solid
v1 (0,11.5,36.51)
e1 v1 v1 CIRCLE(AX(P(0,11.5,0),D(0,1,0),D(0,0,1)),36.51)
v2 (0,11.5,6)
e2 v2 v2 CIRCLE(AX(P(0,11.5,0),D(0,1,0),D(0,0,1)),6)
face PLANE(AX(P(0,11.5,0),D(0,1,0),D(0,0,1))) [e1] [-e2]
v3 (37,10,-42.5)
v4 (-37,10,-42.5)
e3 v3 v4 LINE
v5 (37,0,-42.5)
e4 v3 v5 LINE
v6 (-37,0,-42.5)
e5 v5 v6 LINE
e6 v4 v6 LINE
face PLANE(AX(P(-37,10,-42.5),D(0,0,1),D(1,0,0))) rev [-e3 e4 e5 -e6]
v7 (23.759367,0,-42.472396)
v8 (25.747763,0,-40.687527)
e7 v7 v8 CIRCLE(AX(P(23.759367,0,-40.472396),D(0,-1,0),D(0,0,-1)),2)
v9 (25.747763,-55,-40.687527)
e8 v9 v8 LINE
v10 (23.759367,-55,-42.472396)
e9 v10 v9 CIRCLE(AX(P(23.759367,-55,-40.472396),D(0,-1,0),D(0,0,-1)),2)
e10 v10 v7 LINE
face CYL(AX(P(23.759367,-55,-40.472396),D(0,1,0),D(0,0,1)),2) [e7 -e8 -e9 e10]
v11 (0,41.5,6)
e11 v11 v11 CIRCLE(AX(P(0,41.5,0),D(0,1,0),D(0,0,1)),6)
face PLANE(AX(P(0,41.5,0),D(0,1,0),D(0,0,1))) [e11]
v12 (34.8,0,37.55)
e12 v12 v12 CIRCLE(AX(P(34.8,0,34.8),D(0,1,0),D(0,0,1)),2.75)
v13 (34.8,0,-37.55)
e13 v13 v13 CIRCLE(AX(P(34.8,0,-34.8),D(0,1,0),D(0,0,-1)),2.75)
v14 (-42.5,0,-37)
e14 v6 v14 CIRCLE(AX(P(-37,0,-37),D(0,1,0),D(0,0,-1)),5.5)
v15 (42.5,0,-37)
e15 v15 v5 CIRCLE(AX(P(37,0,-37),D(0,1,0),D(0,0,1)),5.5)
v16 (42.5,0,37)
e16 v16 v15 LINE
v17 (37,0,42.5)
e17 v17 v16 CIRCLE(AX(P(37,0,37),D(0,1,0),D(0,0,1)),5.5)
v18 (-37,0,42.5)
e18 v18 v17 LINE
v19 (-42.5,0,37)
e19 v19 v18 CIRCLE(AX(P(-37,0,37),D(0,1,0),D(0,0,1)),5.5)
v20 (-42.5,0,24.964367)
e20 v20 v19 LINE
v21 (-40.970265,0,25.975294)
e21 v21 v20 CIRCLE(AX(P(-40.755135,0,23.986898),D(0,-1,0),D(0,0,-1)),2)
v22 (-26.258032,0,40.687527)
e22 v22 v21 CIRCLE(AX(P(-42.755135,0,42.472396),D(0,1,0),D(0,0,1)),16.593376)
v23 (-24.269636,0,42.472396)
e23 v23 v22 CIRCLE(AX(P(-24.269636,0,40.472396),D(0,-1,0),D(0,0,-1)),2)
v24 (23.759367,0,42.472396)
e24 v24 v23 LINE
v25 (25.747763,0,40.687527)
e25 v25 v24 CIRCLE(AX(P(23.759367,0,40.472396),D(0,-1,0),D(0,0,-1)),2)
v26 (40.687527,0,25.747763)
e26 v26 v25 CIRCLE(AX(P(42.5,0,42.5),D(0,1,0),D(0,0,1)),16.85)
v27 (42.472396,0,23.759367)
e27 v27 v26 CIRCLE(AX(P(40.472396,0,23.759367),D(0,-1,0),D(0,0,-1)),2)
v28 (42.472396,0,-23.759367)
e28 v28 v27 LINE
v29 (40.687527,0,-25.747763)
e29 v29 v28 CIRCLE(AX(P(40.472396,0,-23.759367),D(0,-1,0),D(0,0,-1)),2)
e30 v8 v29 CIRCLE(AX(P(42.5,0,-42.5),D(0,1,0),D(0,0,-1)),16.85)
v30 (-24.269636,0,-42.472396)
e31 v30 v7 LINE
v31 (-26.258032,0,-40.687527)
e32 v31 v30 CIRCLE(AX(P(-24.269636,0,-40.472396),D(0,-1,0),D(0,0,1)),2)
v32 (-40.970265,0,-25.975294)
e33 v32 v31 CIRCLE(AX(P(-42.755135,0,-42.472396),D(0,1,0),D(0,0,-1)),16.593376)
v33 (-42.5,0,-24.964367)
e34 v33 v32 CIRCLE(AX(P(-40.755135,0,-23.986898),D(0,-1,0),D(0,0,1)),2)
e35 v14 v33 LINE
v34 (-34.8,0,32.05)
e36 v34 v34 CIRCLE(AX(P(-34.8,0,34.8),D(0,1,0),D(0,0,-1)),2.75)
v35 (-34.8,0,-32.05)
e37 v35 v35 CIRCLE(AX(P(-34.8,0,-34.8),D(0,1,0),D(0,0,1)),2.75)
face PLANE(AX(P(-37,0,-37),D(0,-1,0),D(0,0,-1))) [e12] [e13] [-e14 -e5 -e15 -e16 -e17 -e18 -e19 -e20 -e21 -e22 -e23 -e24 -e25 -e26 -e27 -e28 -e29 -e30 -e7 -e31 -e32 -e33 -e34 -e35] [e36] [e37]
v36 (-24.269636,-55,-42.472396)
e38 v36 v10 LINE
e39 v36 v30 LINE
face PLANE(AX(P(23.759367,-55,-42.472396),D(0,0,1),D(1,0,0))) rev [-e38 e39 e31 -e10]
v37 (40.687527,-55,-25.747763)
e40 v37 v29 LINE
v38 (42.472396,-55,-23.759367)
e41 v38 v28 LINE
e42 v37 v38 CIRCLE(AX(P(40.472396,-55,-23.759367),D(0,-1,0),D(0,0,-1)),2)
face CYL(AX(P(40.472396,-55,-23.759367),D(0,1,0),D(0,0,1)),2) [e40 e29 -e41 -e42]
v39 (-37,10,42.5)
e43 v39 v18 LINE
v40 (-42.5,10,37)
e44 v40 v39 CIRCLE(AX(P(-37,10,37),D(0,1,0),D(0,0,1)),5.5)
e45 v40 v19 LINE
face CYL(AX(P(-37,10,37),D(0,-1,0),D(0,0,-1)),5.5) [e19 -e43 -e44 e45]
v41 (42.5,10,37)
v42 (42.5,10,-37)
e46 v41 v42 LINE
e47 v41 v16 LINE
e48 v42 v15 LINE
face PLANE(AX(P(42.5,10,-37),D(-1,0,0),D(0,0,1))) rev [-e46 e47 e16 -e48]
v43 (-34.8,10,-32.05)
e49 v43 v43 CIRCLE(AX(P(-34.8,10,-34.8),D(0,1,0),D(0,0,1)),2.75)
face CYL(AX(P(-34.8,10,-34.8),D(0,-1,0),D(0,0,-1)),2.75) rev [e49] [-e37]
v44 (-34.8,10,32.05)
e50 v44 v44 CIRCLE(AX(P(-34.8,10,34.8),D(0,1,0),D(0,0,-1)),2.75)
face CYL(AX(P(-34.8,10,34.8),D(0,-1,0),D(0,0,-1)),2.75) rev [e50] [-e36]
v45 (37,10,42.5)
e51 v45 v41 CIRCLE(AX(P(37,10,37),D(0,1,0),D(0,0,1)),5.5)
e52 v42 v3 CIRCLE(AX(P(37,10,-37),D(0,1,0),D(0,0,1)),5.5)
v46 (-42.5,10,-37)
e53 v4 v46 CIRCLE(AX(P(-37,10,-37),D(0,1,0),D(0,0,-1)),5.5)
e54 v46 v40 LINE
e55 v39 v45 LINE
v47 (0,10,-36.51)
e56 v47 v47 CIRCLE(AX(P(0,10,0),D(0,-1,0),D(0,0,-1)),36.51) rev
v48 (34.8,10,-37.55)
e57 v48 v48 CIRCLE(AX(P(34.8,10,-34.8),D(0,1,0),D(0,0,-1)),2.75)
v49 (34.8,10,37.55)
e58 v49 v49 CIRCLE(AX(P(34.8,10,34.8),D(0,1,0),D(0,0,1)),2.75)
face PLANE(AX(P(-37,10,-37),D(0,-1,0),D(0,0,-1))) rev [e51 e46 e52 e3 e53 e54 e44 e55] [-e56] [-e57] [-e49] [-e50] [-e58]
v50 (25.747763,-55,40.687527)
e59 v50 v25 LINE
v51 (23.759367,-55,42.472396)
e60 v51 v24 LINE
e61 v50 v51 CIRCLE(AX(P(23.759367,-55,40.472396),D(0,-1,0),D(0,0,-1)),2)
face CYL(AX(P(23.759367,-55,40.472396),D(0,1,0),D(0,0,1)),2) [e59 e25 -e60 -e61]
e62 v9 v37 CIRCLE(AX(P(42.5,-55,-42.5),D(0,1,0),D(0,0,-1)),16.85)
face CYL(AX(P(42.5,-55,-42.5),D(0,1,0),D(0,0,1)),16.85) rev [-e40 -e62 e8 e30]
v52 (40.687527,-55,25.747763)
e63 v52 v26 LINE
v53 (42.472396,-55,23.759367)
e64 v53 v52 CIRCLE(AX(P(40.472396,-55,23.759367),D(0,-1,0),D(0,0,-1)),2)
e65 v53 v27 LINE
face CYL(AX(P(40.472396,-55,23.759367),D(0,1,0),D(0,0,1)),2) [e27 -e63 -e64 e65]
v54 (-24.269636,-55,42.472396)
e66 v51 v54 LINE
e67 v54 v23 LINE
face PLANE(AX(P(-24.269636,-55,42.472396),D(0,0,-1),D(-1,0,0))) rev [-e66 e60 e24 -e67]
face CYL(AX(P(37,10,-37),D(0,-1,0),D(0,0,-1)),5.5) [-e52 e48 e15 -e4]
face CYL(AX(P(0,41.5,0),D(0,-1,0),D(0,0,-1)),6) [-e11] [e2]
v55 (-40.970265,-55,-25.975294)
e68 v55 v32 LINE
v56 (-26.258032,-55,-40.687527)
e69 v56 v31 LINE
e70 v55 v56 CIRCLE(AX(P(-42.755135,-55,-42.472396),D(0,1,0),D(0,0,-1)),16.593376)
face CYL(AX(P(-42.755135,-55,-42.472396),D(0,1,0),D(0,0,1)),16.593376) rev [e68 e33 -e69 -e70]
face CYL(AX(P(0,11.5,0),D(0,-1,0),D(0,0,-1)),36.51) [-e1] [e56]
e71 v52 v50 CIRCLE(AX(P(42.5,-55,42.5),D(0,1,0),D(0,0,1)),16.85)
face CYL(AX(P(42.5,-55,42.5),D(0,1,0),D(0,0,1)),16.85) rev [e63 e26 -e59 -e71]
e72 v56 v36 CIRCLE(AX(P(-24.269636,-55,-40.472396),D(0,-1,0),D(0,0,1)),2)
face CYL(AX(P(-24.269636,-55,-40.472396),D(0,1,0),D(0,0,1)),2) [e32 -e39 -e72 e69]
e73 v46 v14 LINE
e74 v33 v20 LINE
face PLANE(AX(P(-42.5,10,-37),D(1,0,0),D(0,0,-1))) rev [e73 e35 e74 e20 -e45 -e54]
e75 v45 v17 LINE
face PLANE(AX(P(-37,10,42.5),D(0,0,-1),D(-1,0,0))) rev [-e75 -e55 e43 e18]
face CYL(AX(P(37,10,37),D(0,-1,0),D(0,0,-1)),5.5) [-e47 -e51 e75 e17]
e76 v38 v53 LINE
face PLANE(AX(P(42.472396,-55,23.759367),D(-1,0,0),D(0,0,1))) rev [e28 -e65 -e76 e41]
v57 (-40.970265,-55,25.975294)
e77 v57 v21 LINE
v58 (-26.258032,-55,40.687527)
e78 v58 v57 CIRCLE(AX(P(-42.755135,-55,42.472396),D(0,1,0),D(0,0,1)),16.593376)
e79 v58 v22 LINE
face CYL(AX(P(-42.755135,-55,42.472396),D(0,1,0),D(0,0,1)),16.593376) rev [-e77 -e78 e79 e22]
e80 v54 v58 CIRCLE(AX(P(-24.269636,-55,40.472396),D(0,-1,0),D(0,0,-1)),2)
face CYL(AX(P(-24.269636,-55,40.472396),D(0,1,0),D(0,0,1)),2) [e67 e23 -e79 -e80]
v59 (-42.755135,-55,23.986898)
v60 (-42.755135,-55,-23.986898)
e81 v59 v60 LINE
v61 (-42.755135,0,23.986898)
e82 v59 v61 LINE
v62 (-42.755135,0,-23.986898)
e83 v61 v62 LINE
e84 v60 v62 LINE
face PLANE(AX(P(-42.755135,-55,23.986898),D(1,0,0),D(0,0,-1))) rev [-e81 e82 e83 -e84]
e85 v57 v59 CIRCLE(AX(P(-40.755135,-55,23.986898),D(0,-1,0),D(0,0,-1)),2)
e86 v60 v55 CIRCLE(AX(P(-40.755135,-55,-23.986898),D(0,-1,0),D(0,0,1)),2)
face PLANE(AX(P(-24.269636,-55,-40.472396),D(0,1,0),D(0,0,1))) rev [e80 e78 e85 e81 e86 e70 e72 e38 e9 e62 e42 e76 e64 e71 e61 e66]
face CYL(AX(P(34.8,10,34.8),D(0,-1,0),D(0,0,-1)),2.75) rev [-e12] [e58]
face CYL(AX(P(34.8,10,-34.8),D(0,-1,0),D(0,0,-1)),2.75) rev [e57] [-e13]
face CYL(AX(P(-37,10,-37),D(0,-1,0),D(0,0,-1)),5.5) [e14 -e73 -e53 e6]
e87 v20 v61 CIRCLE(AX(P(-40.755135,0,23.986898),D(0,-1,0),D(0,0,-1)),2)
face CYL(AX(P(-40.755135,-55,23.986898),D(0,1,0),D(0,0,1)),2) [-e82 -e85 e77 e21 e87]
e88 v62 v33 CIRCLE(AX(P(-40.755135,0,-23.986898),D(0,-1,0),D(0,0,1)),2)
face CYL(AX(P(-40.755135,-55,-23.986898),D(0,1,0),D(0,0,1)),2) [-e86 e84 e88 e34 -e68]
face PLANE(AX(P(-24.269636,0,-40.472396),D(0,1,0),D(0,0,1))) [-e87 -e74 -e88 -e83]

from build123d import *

# Parameters (mm, degrees)
SKETCH_1_R      = 2.75
EXTRUDE_1_DEPTH = 10
SKETCH_2_R      = 36.51
EXTRUDE_2_DEPTH = 1.5
SKETCH_3_R      = 6
EXTRUDE_3_DEPTH = 30
EXTRUDE_4_DEPTH = 55


with BuildPart() as part:
    # Эскиз1 → Вытянуть1 (new body)
    with BuildSketch(Plane(origin=(0, 0, 0), x_dir=(1, 0, 0), z_dir=(0, 1, 0))):
        with BuildLine():
            Line((-37, 42.5), (37, 42.5))
            ThreePointArc((37, 42.5), (40.889087297, 40.889087297), (42.5, 37))
            Line((42.5, 37), (42.5, -37))
            ThreePointArc((42.5, -37), (40.889087297, -40.889087297), (37, -42.5))
            Line((37, -42.5), (-37, -42.5))
            ThreePointArc((-37, -42.5), (-40.889087297, -40.889087297), (-42.5, -37))
            Line((-42.5, -37), (-42.5, 37))
            ThreePointArc((-42.5, 37), (-40.889087297, 40.889087297), (-37, 42.5))
        make_face()
        with Locations(Location((-34.8, 34.8, 0), (0, 0, 270))):
            Circle(SKETCH_1_R, mode=Mode.SUBTRACT)
        with Locations(Location((34.8, 34.8, 0), (0, 0, 90))):
            Circle(SKETCH_1_R, mode=Mode.SUBTRACT)
        with Locations(Location((34.8, -34.8, 0), (0, 0, 270))):
            Circle(SKETCH_1_R, mode=Mode.SUBTRACT)
        with Locations(Location((-34.8, -34.8, 0), (0, 0, 90))):
            Circle(SKETCH_1_R, mode=Mode.SUBTRACT)
    extrude(amount=EXTRUDE_1_DEPTH)

    # Эскиз2 → Вытянуть2 (add)
    with BuildSketch(Plane(origin=(0, 10, 0), x_dir=(1, 0, 0), z_dir=(0, 1, 0))):
        with Locations(Location((0, 0, 0), (0, 0, 90))):
            Circle(SKETCH_2_R)
    extrude(amount=EXTRUDE_2_DEPTH)

    # Эскиз3 → Вытянуть3 (add)
    with BuildSketch(Plane(origin=(0, 11.5, 0), x_dir=(1, 0, 0), z_dir=(0, 1, 0))):
        with Locations(Location((0, 0, 0), (0, 0, 270))):
            Circle(SKETCH_3_R)
    extrude(amount=EXTRUDE_3_DEPTH)

    # Эскиз4 → Вытянуть4 (add)
    with BuildSketch(Plane.XZ):
        with BuildLine():
            Line((-42.755134635, 23.986897935), (-42.755134635, -23.986897935))
            ThreePointArc((-42.755134635, -23.986897935), (-42.243466041, -25.322888065), (-40.970265008, -25.975294003))
            ThreePointArc((-40.970265008, -25.975294003), (-31.02184563, -30.739107233), (-26.258032399, -40.687526612))
            ThreePointArc((-26.258032399, -40.687526612), (-25.605626461, -41.960727645), (-24.269636331, -42.472396239))
            Line((-24.269636331, -42.472396239), (23.75936706, -42.472396239))
            ThreePointArc((23.75936706, -42.472396239), (25.09535719, -41.960727645), (25.747763128, -40.687526612))
            ThreePointArc((25.747763128, -40.687526612), (30.585250737, -30.585250737), (40.687526612, -25.747763128))
            ThreePointArc((40.687526612, -25.747763128), (41.960727645, -25.09535719), (42.472396239, -23.75936706))
            Line((42.472396239, -23.75936706), (42.472396239, 23.75936706))
            ThreePointArc((42.472396239, 23.75936706), (41.960727645, 25.09535719), (40.687526612, 25.747763128))
            ThreePointArc((40.687526612, 25.747763128), (30.585250737, 30.585250737), (25.747763128, 40.687526612))
            ThreePointArc((25.747763128, 40.687526612), (25.09535719, 41.960727645), (23.75936706, 42.472396239))
            Line((23.75936706, 42.472396239), (-24.269636331, 42.472396239))
            ThreePointArc((-24.269636331, 42.472396239), (-25.605626461, 41.960727645), (-26.258032399, 40.687526612))
            ThreePointArc((-26.258032399, 40.687526612), (-31.02184563, 30.739107233), (-40.970265008, 25.975294003))
            ThreePointArc((-40.970265008, 25.975294003), (-42.243466041, 25.322888065), (-42.755134635, 23.986897935))
        make_face()
    extrude(amount=EXTRUDE_4_DEPTH)


solid = part.part
